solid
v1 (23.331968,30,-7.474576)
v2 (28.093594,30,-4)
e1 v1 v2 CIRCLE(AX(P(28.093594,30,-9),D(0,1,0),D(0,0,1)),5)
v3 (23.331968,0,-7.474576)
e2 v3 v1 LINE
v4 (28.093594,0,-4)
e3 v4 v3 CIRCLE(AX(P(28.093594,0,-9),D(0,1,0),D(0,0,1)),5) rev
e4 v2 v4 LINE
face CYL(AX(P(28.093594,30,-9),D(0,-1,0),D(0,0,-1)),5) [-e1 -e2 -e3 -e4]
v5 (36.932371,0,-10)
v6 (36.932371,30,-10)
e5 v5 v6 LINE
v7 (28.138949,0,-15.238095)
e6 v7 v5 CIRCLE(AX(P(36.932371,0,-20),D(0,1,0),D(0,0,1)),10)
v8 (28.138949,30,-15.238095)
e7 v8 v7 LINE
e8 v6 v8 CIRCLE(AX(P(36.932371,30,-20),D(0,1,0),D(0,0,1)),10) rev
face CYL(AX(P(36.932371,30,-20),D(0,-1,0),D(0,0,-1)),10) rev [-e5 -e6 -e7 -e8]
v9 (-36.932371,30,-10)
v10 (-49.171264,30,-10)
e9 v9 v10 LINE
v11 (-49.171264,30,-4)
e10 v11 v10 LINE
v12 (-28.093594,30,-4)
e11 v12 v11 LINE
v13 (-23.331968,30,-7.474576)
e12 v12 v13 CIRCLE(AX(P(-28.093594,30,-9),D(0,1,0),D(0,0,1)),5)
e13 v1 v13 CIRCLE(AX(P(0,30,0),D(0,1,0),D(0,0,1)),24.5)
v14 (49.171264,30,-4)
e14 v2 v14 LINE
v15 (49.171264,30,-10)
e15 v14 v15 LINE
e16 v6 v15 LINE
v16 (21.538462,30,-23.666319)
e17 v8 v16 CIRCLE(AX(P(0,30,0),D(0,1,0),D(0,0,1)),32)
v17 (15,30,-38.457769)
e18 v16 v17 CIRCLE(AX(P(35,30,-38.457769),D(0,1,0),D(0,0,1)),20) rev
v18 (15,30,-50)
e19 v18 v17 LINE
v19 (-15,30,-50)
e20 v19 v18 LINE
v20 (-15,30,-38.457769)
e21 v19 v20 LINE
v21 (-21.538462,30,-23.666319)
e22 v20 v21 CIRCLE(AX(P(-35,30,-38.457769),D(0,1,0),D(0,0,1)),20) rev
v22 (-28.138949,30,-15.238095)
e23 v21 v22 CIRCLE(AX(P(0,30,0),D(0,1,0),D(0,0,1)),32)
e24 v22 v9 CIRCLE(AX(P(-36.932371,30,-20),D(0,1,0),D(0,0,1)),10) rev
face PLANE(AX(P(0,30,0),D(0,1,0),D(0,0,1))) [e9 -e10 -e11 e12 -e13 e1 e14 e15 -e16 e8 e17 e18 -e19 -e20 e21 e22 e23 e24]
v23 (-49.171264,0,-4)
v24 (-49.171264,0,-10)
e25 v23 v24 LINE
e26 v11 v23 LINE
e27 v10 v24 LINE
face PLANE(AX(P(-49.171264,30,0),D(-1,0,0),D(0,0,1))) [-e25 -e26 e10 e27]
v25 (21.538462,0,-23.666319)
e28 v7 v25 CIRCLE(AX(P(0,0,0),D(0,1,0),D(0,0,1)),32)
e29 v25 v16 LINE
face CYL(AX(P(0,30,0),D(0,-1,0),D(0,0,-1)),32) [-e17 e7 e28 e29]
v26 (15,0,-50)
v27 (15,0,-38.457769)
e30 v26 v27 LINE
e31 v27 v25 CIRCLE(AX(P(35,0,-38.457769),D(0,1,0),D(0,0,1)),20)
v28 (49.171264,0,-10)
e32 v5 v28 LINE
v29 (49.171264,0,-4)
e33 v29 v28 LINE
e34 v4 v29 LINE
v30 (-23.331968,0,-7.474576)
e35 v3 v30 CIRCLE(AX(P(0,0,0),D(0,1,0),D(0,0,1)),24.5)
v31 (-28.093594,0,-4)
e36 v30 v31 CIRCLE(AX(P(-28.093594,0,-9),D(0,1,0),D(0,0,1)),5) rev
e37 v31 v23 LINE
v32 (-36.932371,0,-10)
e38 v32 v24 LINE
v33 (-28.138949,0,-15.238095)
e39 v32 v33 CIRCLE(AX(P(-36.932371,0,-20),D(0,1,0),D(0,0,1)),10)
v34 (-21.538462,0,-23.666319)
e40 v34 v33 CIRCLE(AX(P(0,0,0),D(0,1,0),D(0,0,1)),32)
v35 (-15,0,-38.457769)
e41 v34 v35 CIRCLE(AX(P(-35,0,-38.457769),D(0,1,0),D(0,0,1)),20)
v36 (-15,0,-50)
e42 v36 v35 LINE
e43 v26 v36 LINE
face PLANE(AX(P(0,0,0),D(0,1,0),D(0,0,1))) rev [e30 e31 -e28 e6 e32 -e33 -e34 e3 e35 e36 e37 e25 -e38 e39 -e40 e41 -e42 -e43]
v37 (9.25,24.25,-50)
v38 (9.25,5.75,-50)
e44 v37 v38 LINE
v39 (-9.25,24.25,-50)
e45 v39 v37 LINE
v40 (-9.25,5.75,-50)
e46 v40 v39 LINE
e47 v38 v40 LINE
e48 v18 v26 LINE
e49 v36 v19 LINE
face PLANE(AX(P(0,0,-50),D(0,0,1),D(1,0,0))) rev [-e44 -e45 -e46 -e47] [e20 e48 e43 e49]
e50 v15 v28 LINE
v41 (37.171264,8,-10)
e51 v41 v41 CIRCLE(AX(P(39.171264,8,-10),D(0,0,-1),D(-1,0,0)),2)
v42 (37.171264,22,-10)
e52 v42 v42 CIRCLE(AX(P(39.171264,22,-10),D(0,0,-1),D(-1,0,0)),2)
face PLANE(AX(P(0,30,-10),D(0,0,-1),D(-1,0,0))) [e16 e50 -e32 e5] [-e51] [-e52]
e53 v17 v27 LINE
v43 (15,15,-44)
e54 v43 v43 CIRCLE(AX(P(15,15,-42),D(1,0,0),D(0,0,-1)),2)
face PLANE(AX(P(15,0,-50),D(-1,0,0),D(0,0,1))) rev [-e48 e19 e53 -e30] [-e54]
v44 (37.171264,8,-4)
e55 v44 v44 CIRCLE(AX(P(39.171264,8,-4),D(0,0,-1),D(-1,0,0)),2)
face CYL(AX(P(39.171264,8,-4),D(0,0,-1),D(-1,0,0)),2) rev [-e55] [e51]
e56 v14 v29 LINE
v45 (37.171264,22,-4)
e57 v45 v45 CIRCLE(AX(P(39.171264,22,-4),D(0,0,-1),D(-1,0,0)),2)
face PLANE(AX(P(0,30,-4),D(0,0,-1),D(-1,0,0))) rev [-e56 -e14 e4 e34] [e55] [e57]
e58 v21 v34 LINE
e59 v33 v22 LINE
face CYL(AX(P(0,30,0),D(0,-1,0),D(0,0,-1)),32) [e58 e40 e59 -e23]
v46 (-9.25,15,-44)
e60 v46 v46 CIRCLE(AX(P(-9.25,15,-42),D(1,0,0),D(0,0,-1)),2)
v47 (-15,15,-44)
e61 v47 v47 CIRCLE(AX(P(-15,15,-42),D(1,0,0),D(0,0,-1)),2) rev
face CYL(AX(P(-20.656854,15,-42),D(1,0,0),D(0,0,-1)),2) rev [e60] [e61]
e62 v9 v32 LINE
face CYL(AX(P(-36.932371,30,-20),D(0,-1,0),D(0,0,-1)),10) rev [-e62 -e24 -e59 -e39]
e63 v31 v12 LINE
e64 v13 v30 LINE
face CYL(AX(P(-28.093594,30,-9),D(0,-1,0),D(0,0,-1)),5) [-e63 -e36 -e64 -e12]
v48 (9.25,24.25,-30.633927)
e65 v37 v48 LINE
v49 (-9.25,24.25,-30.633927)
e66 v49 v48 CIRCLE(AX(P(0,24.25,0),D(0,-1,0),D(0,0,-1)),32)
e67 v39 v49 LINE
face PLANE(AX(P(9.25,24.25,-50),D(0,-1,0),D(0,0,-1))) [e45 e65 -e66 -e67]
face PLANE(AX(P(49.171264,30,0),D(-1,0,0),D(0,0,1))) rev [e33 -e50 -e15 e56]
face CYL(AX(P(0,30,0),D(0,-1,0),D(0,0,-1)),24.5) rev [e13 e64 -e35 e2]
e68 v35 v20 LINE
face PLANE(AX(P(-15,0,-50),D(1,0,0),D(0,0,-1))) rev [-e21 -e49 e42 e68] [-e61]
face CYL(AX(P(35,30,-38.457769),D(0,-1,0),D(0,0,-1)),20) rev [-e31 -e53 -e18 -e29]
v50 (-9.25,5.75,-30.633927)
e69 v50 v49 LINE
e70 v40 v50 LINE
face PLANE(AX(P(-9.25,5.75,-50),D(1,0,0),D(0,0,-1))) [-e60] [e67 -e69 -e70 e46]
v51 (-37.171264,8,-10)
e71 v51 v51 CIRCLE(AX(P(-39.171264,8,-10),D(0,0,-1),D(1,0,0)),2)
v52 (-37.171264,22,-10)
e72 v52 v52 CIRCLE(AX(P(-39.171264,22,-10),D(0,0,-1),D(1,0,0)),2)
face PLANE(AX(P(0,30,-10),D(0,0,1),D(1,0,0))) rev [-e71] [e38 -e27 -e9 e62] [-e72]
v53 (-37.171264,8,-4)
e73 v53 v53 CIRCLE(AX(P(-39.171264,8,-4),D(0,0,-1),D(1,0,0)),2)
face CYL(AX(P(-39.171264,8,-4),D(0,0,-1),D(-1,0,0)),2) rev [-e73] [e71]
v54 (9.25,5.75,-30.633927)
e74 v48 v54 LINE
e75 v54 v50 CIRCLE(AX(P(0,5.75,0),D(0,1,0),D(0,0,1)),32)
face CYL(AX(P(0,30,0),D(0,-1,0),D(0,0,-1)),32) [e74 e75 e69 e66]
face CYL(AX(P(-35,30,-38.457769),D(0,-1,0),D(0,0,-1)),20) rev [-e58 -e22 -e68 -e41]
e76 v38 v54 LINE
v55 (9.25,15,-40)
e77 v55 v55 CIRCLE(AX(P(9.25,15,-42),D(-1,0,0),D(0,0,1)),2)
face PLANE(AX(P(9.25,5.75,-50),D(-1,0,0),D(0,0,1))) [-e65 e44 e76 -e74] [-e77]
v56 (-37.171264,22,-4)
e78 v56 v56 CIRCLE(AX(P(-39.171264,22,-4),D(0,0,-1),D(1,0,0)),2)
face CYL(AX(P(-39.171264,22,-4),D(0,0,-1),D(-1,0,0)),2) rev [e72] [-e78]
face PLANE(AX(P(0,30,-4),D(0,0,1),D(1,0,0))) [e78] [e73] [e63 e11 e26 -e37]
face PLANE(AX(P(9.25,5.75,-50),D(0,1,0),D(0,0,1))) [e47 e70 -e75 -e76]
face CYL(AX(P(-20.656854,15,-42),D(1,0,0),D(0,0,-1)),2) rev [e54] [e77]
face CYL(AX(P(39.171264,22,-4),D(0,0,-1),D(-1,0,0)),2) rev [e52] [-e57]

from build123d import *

# Parameters (mm, degrees)
BOSS_EXTRUDE1_DEPTH = 30
SKETCH2_R           = 2
CUT_EXTRUDE1_DEPTH  = 7
FILLET1_R           = 10
FILLET2_R           = 5
BOSS_EXTRUDE2_START = 15
SKETCH3_W           = 30
SKETCH3_H           = 30
SKETCH3_W_2         = 18.5
SKETCH3_H_2         = 18.5
BOSS_EXTRUDE2_DEPTH = 25
FILLET3_R           = 20
SKETCH4_R           = 2
CUT_EXTRUDE2_DEPTH  = 30


with BuildPart() as part:
    # Sketch1 → Boss-Extrude1 (new body)
    with BuildSketch(Plane(origin=(0, 0, 0), x_dir=(1, 0, 0), z_dir=(0, 1, 0))):
        with BuildLine():
            ThreePointArc((-24.171263931, 4), (0, 24.5), (24.171263931, 4))
            Line((24.171263931, 4), (49.171263931, 4))
            Line((49.171263931, 4), (49.171263931, 10))
            Line((49.171263931, 10), (30.397368307, 10))
            ThreePointArc((30.397368307, 10), (0, 32), (-30.397368307, 10))
            Line((-30.397368307, 10), (-49.171263931, 10))
            Line((-49.171263931, 10), (-49.171263931, 4))
            Line((-49.171263931, 4), (-24.171263931, 4))
        make_face()
    extrude(amount=BOSS_EXTRUDE1_DEPTH)

    # Sketch2 → Cut-Extrude1 (cut, through all)
    with BuildSketch(Plane(origin=(0, 0, -10), x_dir=(-1, 0, 0), z_dir=(0, 0, -1))):
        with Locations((-39.171263931, 22)):
            Circle(SKETCH2_R)
        with Locations((-39.171263931, 8)):
            Circle(SKETCH2_R)
        with Locations((39.171263931, 8)):
            Circle(SKETCH2_R)
        with Locations((39.171263931, 22)):
            Circle(SKETCH2_R)
    extrude(amount=-CUT_EXTRUDE1_DEPTH, mode=Mode.SUBTRACT)

    # Fillet1
    fillet1_edges = [part.edges().sort_by_distance(p)[0] for p in [
        (-30.397368307, 15, -10),
        (30.397368307, 15, -10),
    ]]
    fillet(fillet1_edges, radius=FILLET1_R)

    # Fillet2
    fillet2_edges = [part.edges().sort_by_distance(p)[0] for p in [
        (-24.171263931, 15, -4),
        (24.171263931, 15, -4),
    ]]
    fillet(fillet2_edges, radius=FILLET2_R)

    # Sketch3 → Boss-Extrude2 (add)
    with BuildSketch(Plane(origin=(0, 0, -10), x_dir=(-1, 0, 0), z_dir=(0, 0, -1)).offset(BOSS_EXTRUDE2_START)):
        with Locations((0, 15)):
            Rectangle(SKETCH3_W, SKETCH3_H)
        with Locations((0, 15)):
            Rectangle(SKETCH3_W_2, SKETCH3_H_2, mode=Mode.SUBTRACT)
    extrude(amount=BOSS_EXTRUDE2_DEPTH)

    # Fillet3
    fillet3_edges = [part.edges().sort_by_distance(p)[0] for p in [
        (-15, 15, -28.26658805),
        (15, 15, -28.26658805),
    ]]
    fillet(fillet3_edges, radius=FILLET3_R)

    # Sketch4 → Cut-Extrude2 (cut)
    with BuildSketch(Plane(origin=(15, 0, 0), x_dir=(0, 0, -1), z_dir=(1, 0, 0))):
        with Locations((42, 15)):
            Circle(SKETCH4_R)
    extrude(amount=-CUT_EXTRUDE2_DEPTH, mode=Mode.SUBTRACT)


solid = part.part
